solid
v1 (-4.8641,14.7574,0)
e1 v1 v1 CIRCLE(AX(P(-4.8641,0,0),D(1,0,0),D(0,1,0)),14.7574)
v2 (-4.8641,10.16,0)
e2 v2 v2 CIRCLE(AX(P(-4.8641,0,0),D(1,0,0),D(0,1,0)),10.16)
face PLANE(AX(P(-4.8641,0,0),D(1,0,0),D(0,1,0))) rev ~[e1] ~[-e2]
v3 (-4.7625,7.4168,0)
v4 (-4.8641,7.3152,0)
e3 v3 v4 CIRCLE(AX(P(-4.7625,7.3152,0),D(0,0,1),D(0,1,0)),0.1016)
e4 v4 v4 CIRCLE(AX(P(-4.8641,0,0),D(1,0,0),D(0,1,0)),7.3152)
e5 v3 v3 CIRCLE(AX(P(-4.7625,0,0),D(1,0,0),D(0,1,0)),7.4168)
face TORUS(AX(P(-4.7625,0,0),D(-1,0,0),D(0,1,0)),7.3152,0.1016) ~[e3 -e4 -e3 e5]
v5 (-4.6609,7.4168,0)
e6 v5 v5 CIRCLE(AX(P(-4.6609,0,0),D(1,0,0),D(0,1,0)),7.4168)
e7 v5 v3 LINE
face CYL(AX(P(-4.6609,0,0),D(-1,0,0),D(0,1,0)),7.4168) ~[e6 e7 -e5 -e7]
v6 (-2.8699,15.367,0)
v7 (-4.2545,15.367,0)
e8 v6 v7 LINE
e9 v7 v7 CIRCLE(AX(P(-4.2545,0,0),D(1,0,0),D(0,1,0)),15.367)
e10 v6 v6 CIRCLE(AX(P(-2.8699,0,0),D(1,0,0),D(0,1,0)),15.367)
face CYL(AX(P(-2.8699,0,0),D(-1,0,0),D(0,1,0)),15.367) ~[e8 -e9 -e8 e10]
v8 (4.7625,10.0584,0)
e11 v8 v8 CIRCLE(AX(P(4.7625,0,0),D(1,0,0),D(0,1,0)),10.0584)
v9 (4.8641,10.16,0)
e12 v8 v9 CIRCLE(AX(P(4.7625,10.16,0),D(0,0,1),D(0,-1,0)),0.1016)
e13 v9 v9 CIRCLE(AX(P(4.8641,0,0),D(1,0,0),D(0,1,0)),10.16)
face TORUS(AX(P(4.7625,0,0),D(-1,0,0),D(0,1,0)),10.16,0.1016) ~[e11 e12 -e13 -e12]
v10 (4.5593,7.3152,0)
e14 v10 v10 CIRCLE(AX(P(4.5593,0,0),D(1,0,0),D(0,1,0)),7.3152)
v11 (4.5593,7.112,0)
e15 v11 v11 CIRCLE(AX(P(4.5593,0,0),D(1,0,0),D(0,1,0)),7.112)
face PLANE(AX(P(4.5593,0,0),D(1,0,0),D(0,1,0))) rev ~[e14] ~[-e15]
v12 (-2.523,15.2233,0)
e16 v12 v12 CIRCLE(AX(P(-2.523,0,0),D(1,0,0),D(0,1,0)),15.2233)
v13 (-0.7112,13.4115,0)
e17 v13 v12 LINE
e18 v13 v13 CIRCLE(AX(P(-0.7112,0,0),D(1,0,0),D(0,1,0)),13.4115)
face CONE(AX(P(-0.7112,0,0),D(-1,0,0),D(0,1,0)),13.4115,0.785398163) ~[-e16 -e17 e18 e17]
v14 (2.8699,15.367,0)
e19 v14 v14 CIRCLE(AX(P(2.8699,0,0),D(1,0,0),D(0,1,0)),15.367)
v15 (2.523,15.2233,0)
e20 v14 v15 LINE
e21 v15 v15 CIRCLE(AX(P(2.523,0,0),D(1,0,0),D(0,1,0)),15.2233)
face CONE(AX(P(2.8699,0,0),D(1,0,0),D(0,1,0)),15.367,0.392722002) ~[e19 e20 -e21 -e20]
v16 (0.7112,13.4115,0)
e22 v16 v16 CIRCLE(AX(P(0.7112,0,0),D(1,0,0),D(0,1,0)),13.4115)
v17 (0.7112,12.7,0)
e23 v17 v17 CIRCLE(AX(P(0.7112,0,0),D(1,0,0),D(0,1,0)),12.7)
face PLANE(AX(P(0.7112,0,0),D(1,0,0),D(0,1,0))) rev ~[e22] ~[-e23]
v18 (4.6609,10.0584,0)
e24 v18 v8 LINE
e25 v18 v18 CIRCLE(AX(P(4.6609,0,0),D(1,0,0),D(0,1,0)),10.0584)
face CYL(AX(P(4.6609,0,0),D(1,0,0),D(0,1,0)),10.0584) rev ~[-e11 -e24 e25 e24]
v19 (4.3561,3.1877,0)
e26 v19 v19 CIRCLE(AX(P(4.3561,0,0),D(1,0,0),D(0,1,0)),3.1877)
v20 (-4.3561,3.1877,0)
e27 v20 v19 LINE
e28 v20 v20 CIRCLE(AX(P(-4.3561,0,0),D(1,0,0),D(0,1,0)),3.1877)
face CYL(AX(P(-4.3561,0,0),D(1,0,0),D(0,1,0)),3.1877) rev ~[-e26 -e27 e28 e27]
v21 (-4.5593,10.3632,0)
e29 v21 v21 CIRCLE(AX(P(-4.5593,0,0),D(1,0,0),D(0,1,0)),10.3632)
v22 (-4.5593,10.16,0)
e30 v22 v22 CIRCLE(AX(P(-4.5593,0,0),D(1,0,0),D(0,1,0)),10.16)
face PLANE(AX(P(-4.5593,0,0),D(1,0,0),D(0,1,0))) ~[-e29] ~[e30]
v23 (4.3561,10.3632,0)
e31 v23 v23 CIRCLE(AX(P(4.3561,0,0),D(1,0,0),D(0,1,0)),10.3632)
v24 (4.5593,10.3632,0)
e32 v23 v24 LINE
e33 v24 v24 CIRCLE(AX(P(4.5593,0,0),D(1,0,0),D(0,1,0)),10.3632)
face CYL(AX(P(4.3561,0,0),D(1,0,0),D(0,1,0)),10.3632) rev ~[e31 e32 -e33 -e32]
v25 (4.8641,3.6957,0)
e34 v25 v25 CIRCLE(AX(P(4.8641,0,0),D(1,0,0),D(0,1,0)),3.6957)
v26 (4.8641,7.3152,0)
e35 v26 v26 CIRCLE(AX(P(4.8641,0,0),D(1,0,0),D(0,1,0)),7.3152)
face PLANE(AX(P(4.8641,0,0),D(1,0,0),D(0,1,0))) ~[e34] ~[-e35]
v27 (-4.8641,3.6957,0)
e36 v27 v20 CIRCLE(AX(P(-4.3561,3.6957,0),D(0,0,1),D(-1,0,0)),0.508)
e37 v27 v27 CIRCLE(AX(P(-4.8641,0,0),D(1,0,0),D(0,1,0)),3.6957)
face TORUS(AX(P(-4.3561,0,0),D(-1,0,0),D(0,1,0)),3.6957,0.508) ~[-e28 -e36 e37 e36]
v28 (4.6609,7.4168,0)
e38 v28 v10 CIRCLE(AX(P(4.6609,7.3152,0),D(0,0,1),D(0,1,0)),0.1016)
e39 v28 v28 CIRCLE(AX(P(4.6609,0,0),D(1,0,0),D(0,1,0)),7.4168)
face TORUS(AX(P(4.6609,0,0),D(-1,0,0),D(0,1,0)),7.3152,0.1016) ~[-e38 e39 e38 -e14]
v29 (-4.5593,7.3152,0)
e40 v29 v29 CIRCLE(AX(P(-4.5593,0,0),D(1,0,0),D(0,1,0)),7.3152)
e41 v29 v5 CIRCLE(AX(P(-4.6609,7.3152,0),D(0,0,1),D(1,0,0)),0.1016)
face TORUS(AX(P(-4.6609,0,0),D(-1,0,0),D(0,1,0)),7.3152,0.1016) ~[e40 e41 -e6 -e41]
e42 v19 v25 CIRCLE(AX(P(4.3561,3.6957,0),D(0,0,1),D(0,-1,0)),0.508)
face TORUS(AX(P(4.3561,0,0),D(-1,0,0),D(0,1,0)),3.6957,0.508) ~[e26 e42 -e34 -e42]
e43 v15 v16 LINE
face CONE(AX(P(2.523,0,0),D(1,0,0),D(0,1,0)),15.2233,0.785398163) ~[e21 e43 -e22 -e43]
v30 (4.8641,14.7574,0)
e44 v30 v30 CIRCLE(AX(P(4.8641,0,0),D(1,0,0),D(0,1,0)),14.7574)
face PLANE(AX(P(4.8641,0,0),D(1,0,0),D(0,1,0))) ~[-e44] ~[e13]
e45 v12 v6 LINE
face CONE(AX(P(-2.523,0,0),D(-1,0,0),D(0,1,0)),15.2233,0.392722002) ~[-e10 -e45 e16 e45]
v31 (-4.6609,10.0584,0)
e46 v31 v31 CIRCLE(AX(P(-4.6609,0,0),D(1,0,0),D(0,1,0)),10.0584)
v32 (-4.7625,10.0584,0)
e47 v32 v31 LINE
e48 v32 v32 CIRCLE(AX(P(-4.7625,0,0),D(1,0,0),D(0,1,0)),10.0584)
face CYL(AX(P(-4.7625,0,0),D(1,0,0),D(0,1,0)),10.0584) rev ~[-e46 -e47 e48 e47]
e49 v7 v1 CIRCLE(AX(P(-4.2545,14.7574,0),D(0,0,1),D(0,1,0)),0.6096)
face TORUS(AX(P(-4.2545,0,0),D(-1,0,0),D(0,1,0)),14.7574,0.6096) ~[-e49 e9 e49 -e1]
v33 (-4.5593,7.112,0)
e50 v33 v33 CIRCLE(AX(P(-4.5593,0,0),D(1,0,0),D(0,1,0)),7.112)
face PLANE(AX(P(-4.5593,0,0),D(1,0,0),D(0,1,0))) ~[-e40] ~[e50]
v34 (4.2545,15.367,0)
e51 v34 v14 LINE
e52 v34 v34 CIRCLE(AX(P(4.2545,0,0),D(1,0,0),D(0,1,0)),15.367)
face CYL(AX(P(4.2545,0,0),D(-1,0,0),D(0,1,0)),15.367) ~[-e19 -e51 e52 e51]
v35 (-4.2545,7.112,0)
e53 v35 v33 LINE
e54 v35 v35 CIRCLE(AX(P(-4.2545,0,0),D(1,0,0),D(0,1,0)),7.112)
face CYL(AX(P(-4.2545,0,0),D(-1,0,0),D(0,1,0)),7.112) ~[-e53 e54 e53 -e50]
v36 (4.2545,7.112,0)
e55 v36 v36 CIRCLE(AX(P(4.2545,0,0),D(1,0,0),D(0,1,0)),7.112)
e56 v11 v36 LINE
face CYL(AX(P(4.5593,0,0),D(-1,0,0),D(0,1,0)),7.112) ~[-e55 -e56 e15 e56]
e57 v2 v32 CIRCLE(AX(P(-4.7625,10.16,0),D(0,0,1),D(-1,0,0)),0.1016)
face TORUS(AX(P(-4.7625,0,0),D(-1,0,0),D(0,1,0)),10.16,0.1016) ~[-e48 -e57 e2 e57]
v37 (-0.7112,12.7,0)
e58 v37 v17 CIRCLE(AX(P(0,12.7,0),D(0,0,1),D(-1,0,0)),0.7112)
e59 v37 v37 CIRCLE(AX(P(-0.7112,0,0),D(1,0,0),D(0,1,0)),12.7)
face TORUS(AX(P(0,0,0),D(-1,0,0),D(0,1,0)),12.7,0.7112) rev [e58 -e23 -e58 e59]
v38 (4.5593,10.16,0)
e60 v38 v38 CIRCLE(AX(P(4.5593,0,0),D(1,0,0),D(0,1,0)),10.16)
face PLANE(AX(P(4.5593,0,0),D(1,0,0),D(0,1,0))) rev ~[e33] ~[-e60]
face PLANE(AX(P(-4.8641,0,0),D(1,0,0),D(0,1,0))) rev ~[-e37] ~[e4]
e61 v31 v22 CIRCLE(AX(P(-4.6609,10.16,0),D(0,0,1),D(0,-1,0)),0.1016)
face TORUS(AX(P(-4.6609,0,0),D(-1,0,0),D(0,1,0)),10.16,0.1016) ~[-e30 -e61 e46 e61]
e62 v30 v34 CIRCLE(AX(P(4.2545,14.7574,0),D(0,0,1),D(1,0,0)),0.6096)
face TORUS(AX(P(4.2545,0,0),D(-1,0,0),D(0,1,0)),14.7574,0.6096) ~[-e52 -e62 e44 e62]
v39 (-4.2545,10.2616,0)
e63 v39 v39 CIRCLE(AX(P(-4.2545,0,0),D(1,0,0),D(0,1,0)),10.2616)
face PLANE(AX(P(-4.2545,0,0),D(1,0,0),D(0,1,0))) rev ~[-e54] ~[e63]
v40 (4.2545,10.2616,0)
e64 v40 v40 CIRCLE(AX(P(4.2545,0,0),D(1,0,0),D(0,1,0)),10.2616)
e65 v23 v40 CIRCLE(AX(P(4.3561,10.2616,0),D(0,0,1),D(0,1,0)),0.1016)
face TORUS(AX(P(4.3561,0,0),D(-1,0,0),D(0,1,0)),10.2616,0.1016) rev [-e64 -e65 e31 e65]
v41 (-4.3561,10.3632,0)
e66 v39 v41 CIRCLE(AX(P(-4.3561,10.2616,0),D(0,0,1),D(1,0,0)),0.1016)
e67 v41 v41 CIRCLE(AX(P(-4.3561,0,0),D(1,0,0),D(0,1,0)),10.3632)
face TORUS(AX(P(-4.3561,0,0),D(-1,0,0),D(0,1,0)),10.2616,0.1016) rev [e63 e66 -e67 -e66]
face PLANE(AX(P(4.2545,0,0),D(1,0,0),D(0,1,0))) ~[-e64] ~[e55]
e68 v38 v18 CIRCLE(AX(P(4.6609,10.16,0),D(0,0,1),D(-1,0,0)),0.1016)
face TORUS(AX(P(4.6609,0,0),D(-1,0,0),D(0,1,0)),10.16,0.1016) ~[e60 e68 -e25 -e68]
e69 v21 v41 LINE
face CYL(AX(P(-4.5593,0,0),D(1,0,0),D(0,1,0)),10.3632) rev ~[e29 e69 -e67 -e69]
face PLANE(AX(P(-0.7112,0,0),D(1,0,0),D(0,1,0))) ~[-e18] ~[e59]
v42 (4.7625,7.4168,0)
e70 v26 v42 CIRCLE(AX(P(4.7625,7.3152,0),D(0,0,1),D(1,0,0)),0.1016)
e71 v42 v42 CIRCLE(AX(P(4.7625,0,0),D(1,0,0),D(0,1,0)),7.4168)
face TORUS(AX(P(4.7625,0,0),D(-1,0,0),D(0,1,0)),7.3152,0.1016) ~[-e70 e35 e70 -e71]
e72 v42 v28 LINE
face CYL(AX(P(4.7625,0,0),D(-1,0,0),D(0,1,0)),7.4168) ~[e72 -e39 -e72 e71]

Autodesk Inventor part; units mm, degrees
sketch "Sketch_1" plane through (0, 0, 0) normal (0, 0, 1) x (1, 0, 0)
  line L0 (4.8641, 0) -> (-4.8641, 0)
  line L1 (-4.8641, 7.3152) -> (-4.8641, 3.6957)
  arc A0 (-4.8641, 3.6957) -> (-4.3561, 3.1877) centre (-4.3561, 3.6957) ccw
  line L2 (-4.3561, 3.1877) -> (4.3561, 3.1877)
  arc A1 (4.3561, 3.1877) -> (4.8641, 3.6957) centre (4.3561, 3.6957) ccw
  line L3 (4.8641, 3.6957) -> (4.8641, 7.3152)
  arc A2 (4.8641, 7.3152) -> (4.7625, 7.4168) centre (4.7625, 7.3152) ccw
  line L4 (4.7625, 7.4168) -> (4.6609, 7.4168)
  arc A3 (4.6609, 7.4168) -> (4.5593, 7.3152) centre (4.6609, 7.3152) ccw
  line L5 (4.5593, 7.3152) -> (4.5593, 7.112)
  line L6 (4.5593, 7.112) -> (4.2545, 7.112)
  line L7 (4.2545, 7.112) -> (4.2545, 10.2616)
  arc A4 (4.3561, 10.3632) -> (4.2545, 10.2616) centre (4.3561, 10.2616) ccw
  line L8 (4.3561, 10.3632) -> (4.5593, 10.3632)
  line L9 (4.5593, 10.3632) -> (4.5593, 10.16)
  arc A5 (4.5593, 10.16) -> (4.6609, 10.0584) centre (4.6609, 10.16) ccw
  line L10 (4.6609, 10.0584) -> (4.7625, 10.0584)
  arc A6 (4.7625, 10.0584) -> (4.8641, 10.16) centre (4.7625, 10.16) ccw
  line L11 (4.8641, 10.16) -> (4.8641, 14.7574)
  arc A7 (4.8641, 14.7574) -> (4.2545, 15.367) centre (4.2545, 14.7574) ccw
  line L12 (4.2545, 15.367) -> (2.8699, 15.367)
  line L13 (2.8699, 15.367) -> (2.523, 15.2233)
  line L14 (2.523, 15.2233) -> (0.7112, 13.4115)
  line L15 (0.7112, 13.4115) -> (0.7112, 12.7)
  arc A8 (-0.7112, 12.7) -> (0.7112, 12.7) centre (0, 12.7) ccw
  line L16 (-0.7112, 12.7) -> (-0.7112, 13.4115)
  line L17 (-0.7112, 13.4115) -> (-2.523, 15.2233)
  line L18 (-2.523, 15.2233) -> (-2.8699, 15.367)
  line L19 (-2.8699, 15.367) -> (-4.2545, 15.367)
  arc A9 (-4.2545, 15.367) -> (-4.8641, 14.7574) centre (-4.2545, 14.7574) ccw
  line L20 (-4.8641, 14.7574) -> (-4.8641, 10.16)
  arc A10 (-4.8641, 10.16) -> (-4.7625, 10.0584) centre (-4.7625, 10.16) ccw
  line L21 (-4.7625, 10.0584) -> (-4.6609, 10.0584)
  arc A11 (-4.6609, 10.0584) -> (-4.5593, 10.16) centre (-4.6609, 10.16) ccw
  line L22 (-4.5593, 10.16) -> (-4.5593, 10.3632)
  line L23 (-4.5593, 10.3632) -> (-4.3561, 10.3632)
  arc A12 (-4.2545, 10.2616) -> (-4.3561, 10.3632) centre (-4.3561, 10.2616) ccw
  line L24 (-4.2545, 10.2616) -> (-4.2545, 7.112)
  line L25 (-4.2545, 7.112) -> (-4.5593, 7.112)
  line L26 (-4.5593, 7.112) -> (-4.5593, 7.3152)
  arc A13 (-4.5593, 7.3152) -> (-4.6609, 7.4168) centre (-4.6609, 7.3152) ccw
  line L27 (-4.6609, 7.4168) -> (-4.7625, 7.4168)
  arc A14 (-4.7625, 7.4168) -> (-4.8641, 7.3152) centre (-4.7625, 7.3152) ccw
revolve "Revolution1" add sketch "Sketch_1" angle 360 about axis through (4.8641, 0, 0) along (1, 0, 0)
ref_plane "b_XY" through (-4.6609, 3.1877, 0) normal (0, 0, 1) x (1, 0, 0)
ref_plane "b_YZ" through (-4.6609, 3.1877, 0) normal (1, 0, 0) x (0, 1, 0)
ref_plane "b_ZX" through (-4.6609, 3.1877, 0) normal (0, 1, 0) x (0, 0, 1)
ref_plane "b1_XY" through (-4.6609, -3.1877, 0) normal (0, 0, 1) x (1, 0, 0)
ref_plane "b1_YZ" through (-4.6609, -3.1877, 0) normal (1, 0, 0) x (0, 1, 0)
ref_plane "b1_ZX" through (-4.6609, -3.1877, 0) normal (0, 1, 0) x (0, 0, 1)
ref_plane "d_XY" through (-2.4321, 15.367, 0) normal (0, 0, 1) x (1, 0, 0)
ref_plane "d_YZ" through (-2.4321, 15.367, 0) normal (1, 0, 0) x (0, 1, 0)
ref_plane "d_ZX" through (-2.4321, 15.367, 0) normal (0, 1, 0) x (0, 0, 1)
ref_plane "d1_XY" through (-2.4321, -15.367, 0) normal (0, 0, 1) x (1, 0, 0)
ref_plane "d1_YZ" through (-2.4321, -15.367, 0) normal (1, 0, 0) x (0, 1, 0)
ref_plane "d1_ZX" through (-2.4321, -15.367, 0) normal (0, 1, 0) x (0, 0, 1)
ref_plane "vri_XY" through (0, 12.7, 0) normal (0, 0, 1) x (1, 0, 0)
ref_plane "vri_YZ" through (0, 12.7, 0) normal (1, 0, 0) x (0, 1, 0)
ref_plane "vri_ZX" through (0, 12.7, 0) normal (0, 1, 0) x (0, 0, 1)
ref_plane "vri1_XY" through (4.8641, 0, 0) normal (0, 0, 1) x (1, 0, 0)
ref_plane "vri1_YZ" through (4.8641, 0, 0) normal (1, 0, 0) x (0, 1, 0)
ref_plane "vri1_ZX" through (4.8641, 0, 0) normal (0, 1, 0) x (0, 0, 1)
ref_plane "w_XY" through (-4.8641, 12.7, 0) normal (0, 0, 1) x (1, 0, 0)
ref_plane "w_YZ" through (-4.8641, 12.7, 0) normal (1, 0, 0) x (0, 1, 0)
ref_plane "w_ZX" through (-4.8641, 12.7, 0) normal (0, 1, 0) x (0, 0, 1)
ref_plane "w1_XY" through (4.8641, 12.7, 0) normal (0, 0, 1) x (1, 0, 0)
ref_plane "w1_YZ" through (4.8641, 12.7, 0) normal (1, 0, 0) x (0, 1, 0)
ref_plane "w1_ZX" through (4.8641, 12.7, 0) normal (0, 1, 0) x (0, 0, 1)
ref_plane "wheel_XY" through (4.8641, 0, 0) normal (1, 0, 0) x (0, 0, -1)
ref_plane "wheel_YZ" through (4.8641, 0, 0) normal (0, 0, -1) x (0, 1, 0)
ref_plane "wheel_ZX" through (4.8641, 0, 0) normal (0, 1, 0) x (1, 0, 0)
ref_plane "Work Plane28" through (0, 0, 0) normal (1, 0, 0) x (0, 0, -1)
properties part number "W2RX Bearing"
